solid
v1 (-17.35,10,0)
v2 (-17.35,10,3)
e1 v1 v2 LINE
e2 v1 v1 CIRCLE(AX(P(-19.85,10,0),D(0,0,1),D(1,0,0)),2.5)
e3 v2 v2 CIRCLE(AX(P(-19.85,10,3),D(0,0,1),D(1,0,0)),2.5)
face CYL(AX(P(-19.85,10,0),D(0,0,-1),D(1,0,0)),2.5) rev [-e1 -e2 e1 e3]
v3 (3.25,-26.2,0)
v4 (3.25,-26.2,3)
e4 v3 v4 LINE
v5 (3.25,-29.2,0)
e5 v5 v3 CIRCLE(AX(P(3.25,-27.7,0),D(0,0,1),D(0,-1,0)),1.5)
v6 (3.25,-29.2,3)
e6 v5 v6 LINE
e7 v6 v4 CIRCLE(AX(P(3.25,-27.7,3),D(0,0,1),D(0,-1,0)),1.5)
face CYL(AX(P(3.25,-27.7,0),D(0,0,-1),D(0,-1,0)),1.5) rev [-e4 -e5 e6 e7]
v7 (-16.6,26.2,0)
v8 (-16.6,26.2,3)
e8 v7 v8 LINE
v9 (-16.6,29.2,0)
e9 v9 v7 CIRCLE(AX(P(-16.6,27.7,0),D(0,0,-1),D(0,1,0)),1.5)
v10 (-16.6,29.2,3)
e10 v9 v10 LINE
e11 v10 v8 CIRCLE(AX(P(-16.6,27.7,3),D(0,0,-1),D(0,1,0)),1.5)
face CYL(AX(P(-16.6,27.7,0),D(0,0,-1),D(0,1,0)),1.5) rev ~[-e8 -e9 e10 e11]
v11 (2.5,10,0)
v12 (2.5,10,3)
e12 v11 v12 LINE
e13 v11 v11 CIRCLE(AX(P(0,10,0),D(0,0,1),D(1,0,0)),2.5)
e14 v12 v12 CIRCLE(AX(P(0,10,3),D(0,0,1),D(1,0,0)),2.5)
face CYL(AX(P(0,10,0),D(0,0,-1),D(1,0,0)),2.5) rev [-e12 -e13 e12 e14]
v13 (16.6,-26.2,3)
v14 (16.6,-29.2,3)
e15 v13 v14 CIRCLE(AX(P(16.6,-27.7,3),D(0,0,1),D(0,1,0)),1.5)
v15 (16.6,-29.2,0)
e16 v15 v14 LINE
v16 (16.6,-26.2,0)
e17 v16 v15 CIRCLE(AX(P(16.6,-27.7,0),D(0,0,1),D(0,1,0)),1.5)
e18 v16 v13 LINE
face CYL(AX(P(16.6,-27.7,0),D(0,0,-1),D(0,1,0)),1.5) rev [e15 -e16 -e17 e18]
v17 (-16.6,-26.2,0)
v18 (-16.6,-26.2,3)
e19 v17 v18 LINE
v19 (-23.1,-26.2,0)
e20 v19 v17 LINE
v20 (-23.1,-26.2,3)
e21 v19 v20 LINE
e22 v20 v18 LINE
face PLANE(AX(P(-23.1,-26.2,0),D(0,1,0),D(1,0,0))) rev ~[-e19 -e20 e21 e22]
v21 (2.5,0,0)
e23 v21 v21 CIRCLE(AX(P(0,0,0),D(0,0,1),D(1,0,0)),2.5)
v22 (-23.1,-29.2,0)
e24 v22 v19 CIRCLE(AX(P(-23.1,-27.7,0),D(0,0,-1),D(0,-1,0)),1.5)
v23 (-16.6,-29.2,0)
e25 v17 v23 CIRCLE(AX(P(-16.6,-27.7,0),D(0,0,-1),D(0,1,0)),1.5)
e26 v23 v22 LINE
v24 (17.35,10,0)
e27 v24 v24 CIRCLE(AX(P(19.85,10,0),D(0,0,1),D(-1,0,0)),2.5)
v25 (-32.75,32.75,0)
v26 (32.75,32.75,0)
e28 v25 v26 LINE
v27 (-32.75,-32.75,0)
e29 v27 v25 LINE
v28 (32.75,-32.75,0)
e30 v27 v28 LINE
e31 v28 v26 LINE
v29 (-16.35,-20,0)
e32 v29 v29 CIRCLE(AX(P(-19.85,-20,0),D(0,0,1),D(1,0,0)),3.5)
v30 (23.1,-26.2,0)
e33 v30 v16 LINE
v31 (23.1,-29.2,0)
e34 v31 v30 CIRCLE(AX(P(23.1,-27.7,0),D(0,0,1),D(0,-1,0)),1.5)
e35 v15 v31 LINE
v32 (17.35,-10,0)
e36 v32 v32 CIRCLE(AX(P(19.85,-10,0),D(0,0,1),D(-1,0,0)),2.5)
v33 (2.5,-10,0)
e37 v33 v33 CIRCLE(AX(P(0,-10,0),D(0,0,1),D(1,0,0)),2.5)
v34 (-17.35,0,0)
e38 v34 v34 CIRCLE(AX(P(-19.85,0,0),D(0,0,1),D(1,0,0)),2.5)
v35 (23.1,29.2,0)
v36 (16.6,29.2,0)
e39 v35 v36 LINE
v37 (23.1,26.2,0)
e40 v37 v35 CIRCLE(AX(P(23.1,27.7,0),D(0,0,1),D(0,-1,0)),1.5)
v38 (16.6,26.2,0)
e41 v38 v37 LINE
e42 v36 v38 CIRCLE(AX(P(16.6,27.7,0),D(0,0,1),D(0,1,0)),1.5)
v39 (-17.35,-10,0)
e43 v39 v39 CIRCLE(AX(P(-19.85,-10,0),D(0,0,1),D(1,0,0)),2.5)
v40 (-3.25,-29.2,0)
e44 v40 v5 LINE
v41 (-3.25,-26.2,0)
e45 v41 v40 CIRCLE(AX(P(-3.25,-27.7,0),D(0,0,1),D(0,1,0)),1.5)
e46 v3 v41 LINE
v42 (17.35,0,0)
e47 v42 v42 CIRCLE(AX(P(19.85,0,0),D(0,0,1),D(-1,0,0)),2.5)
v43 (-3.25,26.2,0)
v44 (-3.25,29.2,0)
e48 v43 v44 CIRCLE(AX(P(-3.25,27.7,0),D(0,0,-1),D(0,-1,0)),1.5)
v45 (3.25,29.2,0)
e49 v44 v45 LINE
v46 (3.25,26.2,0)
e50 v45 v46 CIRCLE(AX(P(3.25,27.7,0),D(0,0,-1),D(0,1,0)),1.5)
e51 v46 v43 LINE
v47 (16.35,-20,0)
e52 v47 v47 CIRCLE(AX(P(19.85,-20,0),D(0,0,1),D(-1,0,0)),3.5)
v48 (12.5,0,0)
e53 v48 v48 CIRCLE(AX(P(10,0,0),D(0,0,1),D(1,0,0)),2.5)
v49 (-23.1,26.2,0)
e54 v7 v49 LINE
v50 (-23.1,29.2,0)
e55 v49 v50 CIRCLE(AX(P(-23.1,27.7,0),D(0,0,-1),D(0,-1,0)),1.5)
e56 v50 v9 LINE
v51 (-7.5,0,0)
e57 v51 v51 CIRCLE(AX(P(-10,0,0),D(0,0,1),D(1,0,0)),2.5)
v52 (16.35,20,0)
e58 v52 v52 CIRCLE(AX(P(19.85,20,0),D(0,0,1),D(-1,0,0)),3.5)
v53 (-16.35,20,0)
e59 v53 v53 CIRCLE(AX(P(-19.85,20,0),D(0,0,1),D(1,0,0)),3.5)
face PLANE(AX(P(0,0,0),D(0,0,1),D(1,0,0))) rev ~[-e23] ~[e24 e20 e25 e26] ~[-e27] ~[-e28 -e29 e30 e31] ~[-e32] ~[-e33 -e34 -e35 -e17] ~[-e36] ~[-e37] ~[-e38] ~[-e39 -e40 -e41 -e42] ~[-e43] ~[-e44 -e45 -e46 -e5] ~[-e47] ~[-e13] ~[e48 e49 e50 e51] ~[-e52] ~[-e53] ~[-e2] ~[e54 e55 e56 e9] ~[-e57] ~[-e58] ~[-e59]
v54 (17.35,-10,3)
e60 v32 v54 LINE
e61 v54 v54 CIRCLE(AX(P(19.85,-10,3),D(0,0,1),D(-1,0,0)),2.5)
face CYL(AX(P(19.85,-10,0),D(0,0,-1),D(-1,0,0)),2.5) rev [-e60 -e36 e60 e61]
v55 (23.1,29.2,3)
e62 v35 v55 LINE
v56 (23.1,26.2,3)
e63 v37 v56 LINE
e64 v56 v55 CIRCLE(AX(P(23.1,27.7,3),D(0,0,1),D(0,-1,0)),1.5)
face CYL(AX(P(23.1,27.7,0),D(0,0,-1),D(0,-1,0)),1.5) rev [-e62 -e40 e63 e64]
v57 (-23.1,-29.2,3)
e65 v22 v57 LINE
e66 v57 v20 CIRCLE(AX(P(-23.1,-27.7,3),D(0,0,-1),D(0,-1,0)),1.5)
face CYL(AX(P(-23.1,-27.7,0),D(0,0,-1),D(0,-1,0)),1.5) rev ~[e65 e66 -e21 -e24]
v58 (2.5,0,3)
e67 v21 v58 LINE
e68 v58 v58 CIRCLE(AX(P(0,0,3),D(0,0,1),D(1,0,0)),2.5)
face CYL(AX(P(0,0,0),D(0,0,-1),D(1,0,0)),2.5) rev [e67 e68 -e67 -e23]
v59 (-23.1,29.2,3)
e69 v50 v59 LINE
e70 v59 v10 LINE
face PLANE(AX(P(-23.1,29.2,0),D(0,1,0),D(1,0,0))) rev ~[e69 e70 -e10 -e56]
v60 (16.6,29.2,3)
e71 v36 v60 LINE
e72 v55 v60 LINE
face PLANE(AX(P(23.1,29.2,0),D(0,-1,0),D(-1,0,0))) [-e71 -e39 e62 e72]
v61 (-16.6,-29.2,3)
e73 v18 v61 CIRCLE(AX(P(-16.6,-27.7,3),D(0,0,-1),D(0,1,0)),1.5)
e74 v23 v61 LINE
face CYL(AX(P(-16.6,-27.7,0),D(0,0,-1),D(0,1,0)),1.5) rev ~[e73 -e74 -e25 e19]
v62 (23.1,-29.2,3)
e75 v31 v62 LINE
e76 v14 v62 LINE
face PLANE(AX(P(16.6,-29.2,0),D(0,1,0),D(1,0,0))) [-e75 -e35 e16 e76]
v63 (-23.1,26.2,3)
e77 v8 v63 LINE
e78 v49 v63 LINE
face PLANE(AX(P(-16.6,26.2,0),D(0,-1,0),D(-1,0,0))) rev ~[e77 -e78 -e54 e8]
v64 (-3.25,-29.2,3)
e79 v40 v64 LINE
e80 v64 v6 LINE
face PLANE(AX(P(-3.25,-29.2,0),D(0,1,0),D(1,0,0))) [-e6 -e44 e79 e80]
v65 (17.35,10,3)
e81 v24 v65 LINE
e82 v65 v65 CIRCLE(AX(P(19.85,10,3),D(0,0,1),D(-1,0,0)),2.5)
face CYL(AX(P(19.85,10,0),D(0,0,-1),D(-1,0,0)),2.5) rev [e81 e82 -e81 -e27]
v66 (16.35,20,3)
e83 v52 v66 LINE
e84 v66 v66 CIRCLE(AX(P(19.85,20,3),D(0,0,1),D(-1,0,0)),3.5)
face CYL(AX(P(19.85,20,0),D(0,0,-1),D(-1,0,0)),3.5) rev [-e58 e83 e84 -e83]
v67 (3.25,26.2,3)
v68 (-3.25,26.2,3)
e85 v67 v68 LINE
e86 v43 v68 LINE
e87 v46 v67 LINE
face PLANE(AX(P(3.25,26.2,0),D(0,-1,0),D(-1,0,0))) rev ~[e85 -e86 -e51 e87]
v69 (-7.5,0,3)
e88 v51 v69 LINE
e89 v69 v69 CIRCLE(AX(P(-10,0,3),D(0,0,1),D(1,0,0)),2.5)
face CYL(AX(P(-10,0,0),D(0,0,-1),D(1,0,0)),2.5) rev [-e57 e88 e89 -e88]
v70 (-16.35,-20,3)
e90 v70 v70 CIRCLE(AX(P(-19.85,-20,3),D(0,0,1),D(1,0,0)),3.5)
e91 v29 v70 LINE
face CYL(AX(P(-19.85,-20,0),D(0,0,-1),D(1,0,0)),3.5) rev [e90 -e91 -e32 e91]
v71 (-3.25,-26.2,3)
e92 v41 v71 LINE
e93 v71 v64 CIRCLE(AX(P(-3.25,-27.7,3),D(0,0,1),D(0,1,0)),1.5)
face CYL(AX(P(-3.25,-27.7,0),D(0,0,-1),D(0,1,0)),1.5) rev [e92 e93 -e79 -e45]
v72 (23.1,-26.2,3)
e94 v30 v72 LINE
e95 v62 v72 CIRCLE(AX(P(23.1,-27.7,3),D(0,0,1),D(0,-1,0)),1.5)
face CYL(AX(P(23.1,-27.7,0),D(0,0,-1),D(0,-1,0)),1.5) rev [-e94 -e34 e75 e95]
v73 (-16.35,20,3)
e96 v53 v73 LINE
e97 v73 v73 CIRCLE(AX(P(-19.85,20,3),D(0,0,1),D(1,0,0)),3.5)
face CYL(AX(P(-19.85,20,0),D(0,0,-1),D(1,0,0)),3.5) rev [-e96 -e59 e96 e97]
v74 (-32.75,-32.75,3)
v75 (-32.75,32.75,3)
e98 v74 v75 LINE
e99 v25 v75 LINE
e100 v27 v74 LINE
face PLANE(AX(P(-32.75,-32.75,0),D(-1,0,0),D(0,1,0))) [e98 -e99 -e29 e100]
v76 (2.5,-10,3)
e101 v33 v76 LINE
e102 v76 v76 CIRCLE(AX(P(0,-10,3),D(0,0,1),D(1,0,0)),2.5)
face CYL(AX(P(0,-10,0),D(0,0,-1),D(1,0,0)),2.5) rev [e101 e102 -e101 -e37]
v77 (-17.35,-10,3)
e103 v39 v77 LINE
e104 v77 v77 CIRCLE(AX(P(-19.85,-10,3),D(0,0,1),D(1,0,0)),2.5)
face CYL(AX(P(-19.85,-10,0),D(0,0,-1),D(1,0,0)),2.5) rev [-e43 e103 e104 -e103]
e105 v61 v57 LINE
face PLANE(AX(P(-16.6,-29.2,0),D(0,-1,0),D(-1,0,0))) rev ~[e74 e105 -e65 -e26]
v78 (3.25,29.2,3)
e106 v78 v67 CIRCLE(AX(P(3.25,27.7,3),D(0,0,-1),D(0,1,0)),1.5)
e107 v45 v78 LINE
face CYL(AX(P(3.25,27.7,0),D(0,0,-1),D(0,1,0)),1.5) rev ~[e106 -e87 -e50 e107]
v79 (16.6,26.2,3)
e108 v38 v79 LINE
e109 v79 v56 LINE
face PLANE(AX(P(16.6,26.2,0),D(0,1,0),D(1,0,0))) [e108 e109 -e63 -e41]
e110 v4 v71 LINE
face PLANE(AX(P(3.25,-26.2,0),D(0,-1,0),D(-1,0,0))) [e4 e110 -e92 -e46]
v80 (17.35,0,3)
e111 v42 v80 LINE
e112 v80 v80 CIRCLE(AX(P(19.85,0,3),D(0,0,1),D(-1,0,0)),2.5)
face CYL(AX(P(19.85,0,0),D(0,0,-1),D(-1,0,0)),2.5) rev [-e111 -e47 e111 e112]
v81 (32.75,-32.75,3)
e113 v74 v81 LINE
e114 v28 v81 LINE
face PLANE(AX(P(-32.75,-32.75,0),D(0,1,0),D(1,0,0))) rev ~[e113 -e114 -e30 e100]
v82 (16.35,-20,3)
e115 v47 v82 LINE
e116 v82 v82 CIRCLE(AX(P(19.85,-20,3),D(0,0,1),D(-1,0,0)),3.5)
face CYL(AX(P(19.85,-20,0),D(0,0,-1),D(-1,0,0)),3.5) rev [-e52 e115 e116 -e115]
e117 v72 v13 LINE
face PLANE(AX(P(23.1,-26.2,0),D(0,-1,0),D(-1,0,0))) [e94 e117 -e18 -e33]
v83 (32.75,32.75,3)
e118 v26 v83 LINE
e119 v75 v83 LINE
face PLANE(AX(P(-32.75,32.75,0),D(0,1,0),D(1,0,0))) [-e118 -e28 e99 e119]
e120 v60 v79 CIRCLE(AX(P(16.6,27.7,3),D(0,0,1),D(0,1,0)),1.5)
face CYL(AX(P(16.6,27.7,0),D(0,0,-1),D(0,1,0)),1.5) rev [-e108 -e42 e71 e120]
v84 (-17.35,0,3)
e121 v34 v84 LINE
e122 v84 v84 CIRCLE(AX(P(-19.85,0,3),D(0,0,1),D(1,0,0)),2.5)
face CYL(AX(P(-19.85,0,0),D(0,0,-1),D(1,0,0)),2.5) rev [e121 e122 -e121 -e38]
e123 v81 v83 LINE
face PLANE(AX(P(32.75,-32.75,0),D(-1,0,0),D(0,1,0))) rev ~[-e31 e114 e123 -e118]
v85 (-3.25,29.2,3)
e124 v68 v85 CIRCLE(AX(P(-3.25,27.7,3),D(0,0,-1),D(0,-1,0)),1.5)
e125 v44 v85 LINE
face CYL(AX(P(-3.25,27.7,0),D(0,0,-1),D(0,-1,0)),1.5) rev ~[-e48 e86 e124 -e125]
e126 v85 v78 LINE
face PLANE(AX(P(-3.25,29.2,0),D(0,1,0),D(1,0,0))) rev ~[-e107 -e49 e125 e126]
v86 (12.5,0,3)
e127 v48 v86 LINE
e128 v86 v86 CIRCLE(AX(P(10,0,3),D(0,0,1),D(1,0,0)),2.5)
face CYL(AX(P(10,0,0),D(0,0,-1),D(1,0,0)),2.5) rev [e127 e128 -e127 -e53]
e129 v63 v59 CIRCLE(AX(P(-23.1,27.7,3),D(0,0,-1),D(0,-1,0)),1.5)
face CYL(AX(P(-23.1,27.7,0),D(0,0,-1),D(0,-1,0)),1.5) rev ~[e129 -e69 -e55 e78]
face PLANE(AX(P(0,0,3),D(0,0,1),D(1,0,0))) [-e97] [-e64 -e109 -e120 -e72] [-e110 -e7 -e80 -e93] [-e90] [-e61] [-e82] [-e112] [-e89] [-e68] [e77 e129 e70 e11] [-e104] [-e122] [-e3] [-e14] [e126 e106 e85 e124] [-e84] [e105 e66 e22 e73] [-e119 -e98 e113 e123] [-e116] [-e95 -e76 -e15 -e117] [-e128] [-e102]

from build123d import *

# Parameters (mm, degrees)
SKETCH1_W           = 65.5
SKETCH1_H           = 65.5
SKETCH1_R           = 3.5
SKETCH1_R_2         = 2.5
BOSS_EXTRUDE1_DEPTH = 3


with BuildPart() as part:
    # Sketch1 → Boss-Extrude1 (new body)
    with BuildSketch(Plane.XY):
        Rectangle(SKETCH1_W, SKETCH1_H)
        with Locations((-19.85, 20)):
            Circle(SKETCH1_R, mode=Mode.SUBTRACT)
        with Locations((-19.85, 10)):
            Circle(SKETCH1_R_2, mode=Mode.SUBTRACT)
        with Locations((-19.85, 0)):
            Circle(SKETCH1_R_2, mode=Mode.SUBTRACT)
        with Locations((-19.85, -10)):
            Circle(SKETCH1_R_2, mode=Mode.SUBTRACT)
        with Locations((-19.85, -20)):
            Circle(SKETCH1_R, mode=Mode.SUBTRACT)
        with Locations(Location((19.85, -20, 0), (0, 0, 180))):
            Circle(SKETCH1_R, mode=Mode.SUBTRACT)
        with Locations(Location((19.85, -10, 0), (0, 0, 180))):
            Circle(SKETCH1_R_2, mode=Mode.SUBTRACT)
        with Locations(Location((19.85, 0, 0), (0, 0, 180))):
            Circle(SKETCH1_R_2, mode=Mode.SUBTRACT)
        with Locations(Location((19.85, 10, 0), (0, 0, 180))):
            Circle(SKETCH1_R_2, mode=Mode.SUBTRACT)
        with Locations(Location((19.85, 20, 0), (0, 0, 180))):
            Circle(SKETCH1_R, mode=Mode.SUBTRACT)
        Circle(SKETCH1_R_2, mode=Mode.SUBTRACT)
        with Locations((10, 0)):
            Circle(SKETCH1_R_2, mode=Mode.SUBTRACT)
        with Locations((-10, 0)):
            Circle(SKETCH1_R_2, mode=Mode.SUBTRACT)
        with Locations((0, 10)):
            Circle(SKETCH1_R_2, mode=Mode.SUBTRACT)
        with Locations((0, -10)):
            Circle(SKETCH1_R_2, mode=Mode.SUBTRACT)
        with BuildLine():
            Line((-23.1, 29.2), (-16.6, 29.2))
            ThreePointArc((-16.6, 29.2), (-15.1, 27.7), (-16.6, 26.2))
            Line((-16.6, 26.2), (-23.1, 26.2))
            ThreePointArc((-23.1, 26.2), (-24.6, 27.7), (-23.1, 29.2))
        make_face(mode=Mode.SUBTRACT)
        with BuildLine():
            Line((-23.1, -26.2), (-16.6, -26.2))
            ThreePointArc((-16.6, -26.2), (-15.1, -27.7), (-16.6, -29.2))
            Line((-16.6, -29.2), (-23.1, -29.2))
            ThreePointArc((-23.1, -29.2), (-24.6, -27.7), (-23.1, -26.2))
        make_face(mode=Mode.SUBTRACT)
        with BuildLine():
            Line((-3.25, 29.2), (3.25, 29.2))
            ThreePointArc((3.25, 29.2), (4.75, 27.7), (3.25, 26.2))
            Line((3.25, 26.2), (-3.25, 26.2))
            ThreePointArc((-3.25, 26.2), (-4.75, 27.7), (-3.25, 29.2))
        make_face(mode=Mode.SUBTRACT)
        with BuildLine():
            Line((-3.25, -29.2), (3.25, -29.2))
            ThreePointArc((3.25, -29.2), (4.75, -27.7), (3.25, -26.2))
            Line((3.25, -26.2), (-3.25, -26.2))
            ThreePointArc((-3.25, -26.2), (-4.75, -27.7), (-3.25, -29.2))
        make_face(mode=Mode.SUBTRACT)
        with BuildLine():
            Line((23.1, -26.2), (16.6, -26.2))
            ThreePointArc((16.6, -26.2), (15.1, -27.7), (16.6, -29.2))
            Line((16.6, -29.2), (23.1, -29.2))
            ThreePointArc((23.1, -29.2), (24.6, -27.7), (23.1, -26.2))
        make_face(mode=Mode.SUBTRACT)
        with BuildLine():
            Line((23.1, 29.2), (16.6, 29.2))
            ThreePointArc((16.6, 29.2), (15.1, 27.7), (16.6, 26.2))
            Line((16.6, 26.2), (23.1, 26.2))
            ThreePointArc((23.1, 26.2), (24.6, 27.7), (23.1, 29.2))
        make_face(mode=Mode.SUBTRACT)
    extrude(amount=BOSS_EXTRUDE1_DEPTH)


solid = part.part
